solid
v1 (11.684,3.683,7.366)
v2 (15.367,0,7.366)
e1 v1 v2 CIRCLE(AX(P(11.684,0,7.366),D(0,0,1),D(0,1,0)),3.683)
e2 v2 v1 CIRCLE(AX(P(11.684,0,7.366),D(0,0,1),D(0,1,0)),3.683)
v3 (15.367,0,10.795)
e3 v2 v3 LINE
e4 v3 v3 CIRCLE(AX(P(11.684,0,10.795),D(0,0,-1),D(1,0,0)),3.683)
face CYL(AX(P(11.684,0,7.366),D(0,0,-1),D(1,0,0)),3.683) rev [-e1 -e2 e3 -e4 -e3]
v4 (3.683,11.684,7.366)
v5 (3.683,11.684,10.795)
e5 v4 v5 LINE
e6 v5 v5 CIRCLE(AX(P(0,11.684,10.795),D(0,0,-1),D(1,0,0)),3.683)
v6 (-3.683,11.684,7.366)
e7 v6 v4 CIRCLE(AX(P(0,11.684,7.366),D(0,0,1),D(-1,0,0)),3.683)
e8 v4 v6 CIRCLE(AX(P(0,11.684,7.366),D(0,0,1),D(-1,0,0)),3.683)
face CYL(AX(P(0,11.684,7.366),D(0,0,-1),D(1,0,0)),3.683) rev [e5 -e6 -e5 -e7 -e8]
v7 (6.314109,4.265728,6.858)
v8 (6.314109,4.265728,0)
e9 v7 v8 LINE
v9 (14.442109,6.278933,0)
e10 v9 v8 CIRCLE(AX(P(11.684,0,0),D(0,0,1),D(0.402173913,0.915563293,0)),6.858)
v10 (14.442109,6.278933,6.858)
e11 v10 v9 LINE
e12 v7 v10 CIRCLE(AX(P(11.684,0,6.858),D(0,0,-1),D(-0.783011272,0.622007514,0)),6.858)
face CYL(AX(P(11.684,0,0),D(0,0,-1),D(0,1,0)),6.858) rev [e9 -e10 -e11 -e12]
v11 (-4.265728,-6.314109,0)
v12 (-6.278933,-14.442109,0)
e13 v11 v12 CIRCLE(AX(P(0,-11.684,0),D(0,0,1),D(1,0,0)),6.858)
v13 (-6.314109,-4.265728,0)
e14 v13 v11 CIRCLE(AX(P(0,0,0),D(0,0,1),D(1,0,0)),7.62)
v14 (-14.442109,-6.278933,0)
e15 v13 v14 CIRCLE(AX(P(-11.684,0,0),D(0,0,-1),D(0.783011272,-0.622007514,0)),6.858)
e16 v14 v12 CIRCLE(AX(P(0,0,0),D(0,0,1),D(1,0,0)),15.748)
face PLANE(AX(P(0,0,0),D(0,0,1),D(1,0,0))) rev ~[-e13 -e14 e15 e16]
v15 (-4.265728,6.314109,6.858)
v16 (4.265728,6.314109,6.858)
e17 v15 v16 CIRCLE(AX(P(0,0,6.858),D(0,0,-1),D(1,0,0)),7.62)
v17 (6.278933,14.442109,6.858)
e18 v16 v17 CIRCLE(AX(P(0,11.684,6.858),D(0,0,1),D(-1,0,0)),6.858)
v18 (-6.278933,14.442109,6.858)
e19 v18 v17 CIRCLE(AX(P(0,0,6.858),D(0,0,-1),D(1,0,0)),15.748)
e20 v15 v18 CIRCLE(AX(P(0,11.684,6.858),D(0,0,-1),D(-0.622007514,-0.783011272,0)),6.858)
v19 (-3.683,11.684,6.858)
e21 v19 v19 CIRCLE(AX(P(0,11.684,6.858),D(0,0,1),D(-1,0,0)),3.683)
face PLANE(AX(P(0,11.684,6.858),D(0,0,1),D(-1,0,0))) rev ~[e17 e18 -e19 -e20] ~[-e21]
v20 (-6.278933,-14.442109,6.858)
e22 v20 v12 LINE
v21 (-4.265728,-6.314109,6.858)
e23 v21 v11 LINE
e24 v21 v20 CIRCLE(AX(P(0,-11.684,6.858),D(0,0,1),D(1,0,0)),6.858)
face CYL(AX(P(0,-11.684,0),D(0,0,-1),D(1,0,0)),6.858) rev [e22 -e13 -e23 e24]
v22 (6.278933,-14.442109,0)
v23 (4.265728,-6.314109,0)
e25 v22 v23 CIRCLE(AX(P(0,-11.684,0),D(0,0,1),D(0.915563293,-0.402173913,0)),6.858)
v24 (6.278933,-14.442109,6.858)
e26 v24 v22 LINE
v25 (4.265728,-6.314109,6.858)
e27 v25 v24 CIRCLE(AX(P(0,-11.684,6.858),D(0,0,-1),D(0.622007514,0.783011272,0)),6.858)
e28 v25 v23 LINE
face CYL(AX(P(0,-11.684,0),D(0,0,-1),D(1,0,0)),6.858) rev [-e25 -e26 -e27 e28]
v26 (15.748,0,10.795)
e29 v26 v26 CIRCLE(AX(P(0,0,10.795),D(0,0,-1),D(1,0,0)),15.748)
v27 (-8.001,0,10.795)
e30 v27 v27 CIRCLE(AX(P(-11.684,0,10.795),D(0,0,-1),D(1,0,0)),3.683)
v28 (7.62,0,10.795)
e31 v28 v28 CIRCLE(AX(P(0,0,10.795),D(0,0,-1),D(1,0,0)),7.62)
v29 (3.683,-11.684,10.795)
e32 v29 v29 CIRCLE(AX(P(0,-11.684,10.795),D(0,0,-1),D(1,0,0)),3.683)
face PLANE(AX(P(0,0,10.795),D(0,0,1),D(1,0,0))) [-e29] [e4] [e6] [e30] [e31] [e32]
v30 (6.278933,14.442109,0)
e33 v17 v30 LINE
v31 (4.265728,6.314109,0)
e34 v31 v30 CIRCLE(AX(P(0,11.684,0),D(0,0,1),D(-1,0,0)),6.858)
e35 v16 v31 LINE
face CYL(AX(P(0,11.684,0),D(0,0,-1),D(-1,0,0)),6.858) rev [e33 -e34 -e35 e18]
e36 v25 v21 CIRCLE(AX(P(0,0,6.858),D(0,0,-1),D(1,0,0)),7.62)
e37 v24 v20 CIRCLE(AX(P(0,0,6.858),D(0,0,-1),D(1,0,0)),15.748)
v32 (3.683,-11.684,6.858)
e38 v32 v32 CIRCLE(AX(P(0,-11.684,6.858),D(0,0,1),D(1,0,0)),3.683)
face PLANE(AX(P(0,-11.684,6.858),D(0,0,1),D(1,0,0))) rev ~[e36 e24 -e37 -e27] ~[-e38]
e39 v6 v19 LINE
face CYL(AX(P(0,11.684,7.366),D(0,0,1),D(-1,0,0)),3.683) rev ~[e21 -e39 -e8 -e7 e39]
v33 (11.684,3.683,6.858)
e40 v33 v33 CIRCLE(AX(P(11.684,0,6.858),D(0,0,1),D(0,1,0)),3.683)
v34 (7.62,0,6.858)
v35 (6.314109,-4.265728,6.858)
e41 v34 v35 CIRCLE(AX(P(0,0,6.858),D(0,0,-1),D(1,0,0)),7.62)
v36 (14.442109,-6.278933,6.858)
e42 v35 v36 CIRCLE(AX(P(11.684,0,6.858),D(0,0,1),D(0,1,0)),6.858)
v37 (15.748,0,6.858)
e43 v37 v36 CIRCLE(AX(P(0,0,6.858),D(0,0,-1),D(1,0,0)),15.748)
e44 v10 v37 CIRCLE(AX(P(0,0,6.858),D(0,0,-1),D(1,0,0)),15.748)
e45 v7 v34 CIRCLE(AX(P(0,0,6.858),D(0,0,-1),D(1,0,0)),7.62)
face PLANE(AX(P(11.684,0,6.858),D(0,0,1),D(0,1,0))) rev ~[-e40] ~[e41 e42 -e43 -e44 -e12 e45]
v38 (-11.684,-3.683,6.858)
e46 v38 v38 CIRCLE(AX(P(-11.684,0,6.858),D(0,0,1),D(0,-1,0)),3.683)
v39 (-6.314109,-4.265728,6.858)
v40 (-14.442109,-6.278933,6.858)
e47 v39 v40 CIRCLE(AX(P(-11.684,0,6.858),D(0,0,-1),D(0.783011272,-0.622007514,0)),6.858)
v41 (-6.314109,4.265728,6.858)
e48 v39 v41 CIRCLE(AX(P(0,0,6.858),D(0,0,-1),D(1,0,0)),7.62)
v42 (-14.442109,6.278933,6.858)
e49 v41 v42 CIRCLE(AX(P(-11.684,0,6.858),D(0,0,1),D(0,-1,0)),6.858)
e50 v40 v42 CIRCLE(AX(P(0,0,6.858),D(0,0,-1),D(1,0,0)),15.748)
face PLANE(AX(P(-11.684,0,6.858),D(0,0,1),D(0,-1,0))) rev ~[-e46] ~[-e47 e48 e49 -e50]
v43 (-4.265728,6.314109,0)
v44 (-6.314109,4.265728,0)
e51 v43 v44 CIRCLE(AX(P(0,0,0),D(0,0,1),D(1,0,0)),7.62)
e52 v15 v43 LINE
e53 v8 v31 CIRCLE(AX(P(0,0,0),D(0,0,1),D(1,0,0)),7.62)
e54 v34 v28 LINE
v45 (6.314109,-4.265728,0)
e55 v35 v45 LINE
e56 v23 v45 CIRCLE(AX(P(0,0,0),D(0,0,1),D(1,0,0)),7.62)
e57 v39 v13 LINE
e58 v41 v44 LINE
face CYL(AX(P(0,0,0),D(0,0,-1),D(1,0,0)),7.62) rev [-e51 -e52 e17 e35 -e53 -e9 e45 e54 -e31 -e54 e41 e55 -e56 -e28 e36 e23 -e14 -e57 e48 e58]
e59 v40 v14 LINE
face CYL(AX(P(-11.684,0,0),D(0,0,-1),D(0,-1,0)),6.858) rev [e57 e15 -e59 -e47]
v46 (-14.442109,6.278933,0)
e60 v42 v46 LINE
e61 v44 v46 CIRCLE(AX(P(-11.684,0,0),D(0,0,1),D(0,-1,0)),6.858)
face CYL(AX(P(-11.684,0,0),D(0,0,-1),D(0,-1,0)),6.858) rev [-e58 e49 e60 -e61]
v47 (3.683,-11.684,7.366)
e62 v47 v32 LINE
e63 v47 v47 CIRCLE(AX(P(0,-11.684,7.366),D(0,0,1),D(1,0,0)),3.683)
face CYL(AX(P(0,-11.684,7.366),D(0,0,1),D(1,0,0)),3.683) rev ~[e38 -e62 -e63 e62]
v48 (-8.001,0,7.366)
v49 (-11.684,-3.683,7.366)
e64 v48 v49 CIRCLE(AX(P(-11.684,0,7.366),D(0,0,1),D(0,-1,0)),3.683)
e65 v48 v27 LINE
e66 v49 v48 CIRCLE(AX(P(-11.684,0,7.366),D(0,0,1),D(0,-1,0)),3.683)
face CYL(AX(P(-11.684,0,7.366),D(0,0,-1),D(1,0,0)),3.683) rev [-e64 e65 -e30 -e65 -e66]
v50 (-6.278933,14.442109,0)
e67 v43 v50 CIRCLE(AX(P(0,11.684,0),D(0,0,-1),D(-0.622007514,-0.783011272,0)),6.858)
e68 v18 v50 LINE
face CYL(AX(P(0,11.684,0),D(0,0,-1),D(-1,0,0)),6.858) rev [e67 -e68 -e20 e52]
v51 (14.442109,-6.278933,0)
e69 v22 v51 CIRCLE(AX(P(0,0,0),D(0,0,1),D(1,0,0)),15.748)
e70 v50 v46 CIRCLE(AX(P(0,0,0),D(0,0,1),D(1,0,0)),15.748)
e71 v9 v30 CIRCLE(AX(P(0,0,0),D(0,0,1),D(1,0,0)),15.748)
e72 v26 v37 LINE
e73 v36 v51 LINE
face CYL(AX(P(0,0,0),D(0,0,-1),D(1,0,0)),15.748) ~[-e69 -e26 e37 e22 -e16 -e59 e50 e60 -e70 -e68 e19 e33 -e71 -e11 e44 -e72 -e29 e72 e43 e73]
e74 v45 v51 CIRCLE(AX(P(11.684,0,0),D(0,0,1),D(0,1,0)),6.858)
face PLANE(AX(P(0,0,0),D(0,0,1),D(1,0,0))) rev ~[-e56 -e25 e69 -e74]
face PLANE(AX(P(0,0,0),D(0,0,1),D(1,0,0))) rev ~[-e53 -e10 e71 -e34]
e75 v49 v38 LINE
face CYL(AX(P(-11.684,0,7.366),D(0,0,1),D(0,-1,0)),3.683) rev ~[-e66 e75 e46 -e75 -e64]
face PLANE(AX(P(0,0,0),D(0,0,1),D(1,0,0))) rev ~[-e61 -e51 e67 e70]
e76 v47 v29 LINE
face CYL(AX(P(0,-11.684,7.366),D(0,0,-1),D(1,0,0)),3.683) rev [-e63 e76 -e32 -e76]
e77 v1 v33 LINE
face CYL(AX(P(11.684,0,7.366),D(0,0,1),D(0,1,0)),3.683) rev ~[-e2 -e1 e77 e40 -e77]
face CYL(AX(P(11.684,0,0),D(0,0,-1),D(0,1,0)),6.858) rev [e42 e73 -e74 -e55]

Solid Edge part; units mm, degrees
sketch "Sketch1" plane through (0, 0, 0) normal (0, 0, 1) x (1, 0, 0)
  circle A0 centre (0, 0) radius 15.748
  circle A1 centre (0, 0) radius 7.62
extrude "Protrusion1" add sketch "Sketch1" along normal blind 7.366
sketch "Sketch2" plane through (0, 0, 0) normal (0, 0, 1) x (1, 0, 0)
  circle A0 centre (0, -11.684) radius 6.858
extrude "ExtrudedCutout_1" cut sketch "Sketch2" along normal blind 6.858
sketch "Sketch3" plane through (0, 0, 7.366) normal (0, 0, 1) x (1, 0, 0)
  circle A0 centre (0, -11.684) radius 3.683
extrude "ExtrudedCutout_3" cut sketch "Sketch3" against normal blind 7.0384
pattern_circular "Pattern1" count 4 over 360 about axis through (0, 0, 7.366) along (0, 0, 1) of "ExtrudedCutout_1", "ExtrudedCutout_3"
sketch "Sketch4" plane through (0, 0, 7.366) normal (0, 0, 1) x (1, 0, 0)
  circle A0 centre (0, 0) radius 7.62
  circle A1 centre (-11.684, 0) radius 3.683
  circle A2 centre (0, 11.684) radius 3.683
  circle A3 centre (11.684, 0) radius 3.683
  circle A4 centre (0, -11.684) radius 3.683
  circle A5 centre (0, 0) radius 15.748
extrude "ExtrudedProtrusion_5" add sketch "Sketch4" along normal blind 9.779
sketch "Sketch5" plane through (0, 0, 17.145) normal (0, 0, 1) x (1, 0, 0)
  circle A0 centre (0, 0) radius 19.2555
extrude "ExtrudedCutout_4" cut sketch "Sketch5" against normal blind 6.35
